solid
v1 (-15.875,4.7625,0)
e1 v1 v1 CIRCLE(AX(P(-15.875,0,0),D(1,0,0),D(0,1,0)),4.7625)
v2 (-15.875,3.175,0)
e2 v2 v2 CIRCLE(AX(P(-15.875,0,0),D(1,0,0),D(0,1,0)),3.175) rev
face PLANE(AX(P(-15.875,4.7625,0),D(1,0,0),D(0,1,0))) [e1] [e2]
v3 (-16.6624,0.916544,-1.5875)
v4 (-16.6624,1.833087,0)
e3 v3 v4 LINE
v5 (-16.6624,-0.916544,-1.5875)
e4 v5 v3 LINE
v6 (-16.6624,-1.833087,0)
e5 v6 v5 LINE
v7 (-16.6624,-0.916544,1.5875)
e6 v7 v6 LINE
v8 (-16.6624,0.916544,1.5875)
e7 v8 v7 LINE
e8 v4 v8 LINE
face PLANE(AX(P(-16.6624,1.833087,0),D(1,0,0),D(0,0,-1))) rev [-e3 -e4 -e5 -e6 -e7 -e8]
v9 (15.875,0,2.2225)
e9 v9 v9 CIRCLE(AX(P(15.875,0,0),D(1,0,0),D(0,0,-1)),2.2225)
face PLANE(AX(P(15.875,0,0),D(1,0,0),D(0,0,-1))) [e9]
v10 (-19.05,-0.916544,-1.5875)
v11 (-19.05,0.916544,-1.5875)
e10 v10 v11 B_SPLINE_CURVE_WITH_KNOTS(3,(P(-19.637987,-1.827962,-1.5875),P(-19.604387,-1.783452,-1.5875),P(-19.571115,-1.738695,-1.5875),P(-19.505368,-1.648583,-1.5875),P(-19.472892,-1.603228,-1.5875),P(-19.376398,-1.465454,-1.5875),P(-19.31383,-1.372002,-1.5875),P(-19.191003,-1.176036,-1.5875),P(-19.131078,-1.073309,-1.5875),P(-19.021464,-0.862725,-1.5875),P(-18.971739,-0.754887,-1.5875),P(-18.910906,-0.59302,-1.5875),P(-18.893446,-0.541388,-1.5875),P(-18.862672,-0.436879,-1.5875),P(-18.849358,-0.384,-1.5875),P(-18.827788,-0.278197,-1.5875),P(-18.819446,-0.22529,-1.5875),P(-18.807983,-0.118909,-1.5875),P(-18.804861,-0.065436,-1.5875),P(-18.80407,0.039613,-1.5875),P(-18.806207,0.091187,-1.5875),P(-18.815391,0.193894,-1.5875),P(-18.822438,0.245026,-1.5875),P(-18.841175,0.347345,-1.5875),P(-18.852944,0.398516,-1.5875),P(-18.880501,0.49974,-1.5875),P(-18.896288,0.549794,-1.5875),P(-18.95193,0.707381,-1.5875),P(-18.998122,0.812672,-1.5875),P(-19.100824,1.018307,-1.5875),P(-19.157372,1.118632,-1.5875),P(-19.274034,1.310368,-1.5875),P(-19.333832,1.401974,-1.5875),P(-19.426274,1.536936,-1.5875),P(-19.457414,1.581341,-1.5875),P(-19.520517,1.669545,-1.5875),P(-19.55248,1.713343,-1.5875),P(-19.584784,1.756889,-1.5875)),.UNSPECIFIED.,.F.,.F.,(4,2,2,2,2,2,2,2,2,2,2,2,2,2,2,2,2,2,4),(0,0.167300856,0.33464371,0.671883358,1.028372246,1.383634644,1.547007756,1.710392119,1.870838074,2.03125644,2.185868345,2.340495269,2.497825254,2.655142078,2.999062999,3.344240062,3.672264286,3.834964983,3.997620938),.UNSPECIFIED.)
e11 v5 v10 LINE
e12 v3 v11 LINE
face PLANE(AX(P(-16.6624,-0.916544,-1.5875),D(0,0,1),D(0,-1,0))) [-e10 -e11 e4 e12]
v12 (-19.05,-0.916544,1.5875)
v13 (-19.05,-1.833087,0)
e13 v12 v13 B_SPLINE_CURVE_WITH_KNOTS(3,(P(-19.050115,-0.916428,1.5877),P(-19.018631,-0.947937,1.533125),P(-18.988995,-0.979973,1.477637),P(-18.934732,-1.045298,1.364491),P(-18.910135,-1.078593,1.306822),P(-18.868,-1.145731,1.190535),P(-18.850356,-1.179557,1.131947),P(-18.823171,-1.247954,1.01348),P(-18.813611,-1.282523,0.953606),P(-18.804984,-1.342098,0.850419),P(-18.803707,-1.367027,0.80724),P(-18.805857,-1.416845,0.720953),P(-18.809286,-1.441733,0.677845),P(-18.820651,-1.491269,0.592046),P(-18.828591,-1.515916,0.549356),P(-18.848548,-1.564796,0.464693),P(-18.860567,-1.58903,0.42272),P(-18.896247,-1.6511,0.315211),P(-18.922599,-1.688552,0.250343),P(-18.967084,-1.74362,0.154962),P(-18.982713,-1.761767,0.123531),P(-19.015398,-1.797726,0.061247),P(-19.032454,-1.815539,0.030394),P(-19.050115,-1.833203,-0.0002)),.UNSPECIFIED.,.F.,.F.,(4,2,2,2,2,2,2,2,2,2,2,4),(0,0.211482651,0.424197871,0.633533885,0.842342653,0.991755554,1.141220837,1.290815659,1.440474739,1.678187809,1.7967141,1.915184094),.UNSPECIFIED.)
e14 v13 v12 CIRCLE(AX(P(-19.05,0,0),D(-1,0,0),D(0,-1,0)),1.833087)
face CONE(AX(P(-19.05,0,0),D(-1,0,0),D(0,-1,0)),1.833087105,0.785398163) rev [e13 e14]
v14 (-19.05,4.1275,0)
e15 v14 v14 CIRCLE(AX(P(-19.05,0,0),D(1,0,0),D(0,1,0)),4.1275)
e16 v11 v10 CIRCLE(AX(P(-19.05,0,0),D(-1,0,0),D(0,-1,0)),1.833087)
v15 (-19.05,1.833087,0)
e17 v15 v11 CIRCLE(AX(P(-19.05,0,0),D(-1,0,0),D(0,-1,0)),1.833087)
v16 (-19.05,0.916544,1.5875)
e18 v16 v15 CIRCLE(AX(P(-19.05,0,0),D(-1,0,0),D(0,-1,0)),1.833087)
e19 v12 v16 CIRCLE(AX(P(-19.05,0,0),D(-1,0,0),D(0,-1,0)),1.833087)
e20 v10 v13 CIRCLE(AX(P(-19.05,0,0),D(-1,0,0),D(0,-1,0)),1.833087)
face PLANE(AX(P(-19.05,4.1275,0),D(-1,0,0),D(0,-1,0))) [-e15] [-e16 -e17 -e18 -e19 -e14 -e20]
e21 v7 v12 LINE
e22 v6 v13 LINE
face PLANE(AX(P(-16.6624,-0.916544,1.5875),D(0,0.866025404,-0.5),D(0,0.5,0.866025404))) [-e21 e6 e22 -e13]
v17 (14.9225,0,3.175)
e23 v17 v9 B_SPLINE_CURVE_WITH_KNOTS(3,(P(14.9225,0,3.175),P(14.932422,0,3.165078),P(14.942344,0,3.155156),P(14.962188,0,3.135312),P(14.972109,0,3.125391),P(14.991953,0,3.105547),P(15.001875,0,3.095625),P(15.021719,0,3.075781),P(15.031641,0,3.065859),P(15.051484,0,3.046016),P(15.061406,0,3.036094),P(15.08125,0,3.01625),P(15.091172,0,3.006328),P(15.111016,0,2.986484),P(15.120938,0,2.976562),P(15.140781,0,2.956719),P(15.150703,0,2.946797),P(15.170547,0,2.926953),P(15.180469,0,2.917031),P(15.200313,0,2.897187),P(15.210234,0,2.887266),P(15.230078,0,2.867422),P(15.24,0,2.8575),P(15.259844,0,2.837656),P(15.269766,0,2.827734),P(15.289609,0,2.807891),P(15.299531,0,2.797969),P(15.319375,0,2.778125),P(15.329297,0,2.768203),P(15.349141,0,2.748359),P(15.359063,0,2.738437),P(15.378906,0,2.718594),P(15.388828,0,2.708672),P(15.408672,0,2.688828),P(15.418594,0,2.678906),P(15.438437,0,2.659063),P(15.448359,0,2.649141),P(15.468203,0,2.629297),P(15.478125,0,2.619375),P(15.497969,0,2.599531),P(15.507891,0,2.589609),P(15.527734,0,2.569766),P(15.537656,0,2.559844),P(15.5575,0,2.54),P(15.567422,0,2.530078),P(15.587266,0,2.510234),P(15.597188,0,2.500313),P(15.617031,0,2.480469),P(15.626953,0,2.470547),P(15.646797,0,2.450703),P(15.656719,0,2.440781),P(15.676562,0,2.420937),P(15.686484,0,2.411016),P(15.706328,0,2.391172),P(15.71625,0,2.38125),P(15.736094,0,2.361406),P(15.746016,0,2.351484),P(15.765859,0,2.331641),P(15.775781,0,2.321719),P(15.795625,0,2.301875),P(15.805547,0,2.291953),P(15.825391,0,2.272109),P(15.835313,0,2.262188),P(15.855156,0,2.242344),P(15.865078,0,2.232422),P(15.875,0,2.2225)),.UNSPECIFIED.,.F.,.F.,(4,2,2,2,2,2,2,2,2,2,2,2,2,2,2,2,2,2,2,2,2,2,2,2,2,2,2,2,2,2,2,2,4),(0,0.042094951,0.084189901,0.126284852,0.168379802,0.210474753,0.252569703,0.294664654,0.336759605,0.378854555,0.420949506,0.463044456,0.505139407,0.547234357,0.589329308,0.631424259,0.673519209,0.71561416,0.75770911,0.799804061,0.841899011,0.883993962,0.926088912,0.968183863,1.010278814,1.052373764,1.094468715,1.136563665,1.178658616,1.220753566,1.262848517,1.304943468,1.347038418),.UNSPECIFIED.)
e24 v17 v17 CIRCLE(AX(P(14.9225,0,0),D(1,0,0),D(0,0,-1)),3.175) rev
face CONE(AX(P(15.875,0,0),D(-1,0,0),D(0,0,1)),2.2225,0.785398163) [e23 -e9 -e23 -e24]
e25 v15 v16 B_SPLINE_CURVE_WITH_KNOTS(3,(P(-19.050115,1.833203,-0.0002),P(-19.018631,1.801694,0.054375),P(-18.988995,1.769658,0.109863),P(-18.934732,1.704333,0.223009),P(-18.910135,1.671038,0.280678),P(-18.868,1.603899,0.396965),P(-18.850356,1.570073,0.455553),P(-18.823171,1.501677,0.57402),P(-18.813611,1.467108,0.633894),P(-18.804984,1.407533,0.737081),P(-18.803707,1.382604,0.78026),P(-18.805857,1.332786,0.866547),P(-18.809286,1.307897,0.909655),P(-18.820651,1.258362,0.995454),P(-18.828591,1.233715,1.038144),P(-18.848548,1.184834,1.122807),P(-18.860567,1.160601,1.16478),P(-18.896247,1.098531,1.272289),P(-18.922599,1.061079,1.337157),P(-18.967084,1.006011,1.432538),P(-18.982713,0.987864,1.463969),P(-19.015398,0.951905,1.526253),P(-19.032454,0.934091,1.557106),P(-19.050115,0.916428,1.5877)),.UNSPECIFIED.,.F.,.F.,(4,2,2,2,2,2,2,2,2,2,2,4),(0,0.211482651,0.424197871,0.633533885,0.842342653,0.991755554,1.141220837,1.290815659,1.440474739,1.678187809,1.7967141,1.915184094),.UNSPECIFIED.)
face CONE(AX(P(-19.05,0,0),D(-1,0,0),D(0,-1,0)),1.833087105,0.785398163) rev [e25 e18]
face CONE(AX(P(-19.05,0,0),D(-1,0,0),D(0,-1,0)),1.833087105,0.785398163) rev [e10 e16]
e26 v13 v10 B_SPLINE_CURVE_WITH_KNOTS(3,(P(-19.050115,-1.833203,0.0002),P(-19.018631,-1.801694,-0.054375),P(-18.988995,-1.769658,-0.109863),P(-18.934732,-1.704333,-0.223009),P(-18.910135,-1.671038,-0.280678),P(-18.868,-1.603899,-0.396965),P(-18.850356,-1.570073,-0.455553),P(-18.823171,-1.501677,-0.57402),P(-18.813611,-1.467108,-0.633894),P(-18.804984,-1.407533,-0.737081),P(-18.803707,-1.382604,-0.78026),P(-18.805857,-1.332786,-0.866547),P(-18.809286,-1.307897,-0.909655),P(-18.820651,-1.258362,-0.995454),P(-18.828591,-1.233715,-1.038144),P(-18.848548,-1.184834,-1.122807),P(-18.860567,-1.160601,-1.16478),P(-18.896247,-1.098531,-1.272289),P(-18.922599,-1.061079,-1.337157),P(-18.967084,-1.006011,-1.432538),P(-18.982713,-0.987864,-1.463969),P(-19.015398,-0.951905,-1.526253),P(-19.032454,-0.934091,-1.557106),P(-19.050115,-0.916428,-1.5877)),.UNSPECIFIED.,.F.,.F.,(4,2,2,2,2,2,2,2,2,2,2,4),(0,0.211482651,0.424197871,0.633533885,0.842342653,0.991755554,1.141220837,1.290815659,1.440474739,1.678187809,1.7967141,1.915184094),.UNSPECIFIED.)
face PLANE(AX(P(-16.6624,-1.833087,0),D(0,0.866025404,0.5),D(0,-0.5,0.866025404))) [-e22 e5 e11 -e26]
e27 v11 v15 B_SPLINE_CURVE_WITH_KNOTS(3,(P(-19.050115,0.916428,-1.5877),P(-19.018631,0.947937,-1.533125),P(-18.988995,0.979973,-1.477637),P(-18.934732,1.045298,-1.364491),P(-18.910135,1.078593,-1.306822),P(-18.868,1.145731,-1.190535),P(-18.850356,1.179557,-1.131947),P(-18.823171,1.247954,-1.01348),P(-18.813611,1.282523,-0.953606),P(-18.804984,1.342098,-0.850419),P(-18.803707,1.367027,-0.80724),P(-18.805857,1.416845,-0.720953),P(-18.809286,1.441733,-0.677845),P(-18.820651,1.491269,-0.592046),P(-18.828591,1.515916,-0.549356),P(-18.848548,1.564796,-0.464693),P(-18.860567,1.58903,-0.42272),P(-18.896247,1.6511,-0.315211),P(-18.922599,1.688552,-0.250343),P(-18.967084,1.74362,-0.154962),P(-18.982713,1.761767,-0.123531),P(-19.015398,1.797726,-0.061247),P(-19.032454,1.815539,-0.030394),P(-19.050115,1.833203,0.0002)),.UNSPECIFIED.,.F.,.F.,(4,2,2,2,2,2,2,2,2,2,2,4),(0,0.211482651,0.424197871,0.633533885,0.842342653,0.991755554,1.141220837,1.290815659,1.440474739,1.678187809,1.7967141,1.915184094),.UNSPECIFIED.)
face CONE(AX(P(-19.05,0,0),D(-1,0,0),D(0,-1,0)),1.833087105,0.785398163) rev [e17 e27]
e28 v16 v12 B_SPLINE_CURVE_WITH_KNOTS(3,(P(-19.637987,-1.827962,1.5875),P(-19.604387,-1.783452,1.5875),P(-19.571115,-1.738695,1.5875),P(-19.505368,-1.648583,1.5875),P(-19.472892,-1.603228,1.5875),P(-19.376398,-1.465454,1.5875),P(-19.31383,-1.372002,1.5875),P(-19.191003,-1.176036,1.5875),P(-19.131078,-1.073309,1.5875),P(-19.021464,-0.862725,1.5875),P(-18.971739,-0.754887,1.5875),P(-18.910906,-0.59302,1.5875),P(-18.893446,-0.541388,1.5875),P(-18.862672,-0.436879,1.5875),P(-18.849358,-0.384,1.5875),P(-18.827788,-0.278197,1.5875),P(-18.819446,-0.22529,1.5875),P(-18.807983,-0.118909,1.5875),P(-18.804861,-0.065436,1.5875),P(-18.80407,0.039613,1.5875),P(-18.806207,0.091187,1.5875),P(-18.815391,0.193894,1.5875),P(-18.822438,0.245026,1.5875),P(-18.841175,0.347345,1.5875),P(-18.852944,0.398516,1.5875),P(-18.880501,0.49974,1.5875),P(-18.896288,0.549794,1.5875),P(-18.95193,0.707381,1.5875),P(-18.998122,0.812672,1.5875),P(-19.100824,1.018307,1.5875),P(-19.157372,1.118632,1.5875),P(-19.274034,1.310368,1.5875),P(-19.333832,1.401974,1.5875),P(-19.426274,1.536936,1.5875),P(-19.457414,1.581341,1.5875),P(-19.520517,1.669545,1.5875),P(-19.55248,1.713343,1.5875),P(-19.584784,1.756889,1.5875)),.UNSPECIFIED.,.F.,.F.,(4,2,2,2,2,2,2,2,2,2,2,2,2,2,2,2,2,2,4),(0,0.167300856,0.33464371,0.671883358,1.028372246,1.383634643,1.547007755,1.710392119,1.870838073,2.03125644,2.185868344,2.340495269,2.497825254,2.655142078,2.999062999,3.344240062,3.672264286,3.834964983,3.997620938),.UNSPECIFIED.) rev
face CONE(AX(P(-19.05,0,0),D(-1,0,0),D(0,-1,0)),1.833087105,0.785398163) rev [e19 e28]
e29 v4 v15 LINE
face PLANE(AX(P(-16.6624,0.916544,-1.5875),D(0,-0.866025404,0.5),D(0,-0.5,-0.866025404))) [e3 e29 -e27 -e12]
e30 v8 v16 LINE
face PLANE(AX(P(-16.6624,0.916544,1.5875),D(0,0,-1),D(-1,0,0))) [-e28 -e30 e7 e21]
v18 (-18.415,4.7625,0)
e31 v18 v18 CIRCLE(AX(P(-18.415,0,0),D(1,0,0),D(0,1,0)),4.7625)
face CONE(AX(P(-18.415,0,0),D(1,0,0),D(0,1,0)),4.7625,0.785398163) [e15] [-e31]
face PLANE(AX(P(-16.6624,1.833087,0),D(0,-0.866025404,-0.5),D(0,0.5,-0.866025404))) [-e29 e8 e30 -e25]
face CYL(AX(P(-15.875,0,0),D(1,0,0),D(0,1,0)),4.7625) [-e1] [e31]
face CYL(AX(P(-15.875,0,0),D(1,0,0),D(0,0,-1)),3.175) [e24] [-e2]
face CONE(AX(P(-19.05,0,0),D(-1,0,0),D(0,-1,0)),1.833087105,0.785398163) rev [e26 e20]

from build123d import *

# Parameters (mm, degrees)
SKETCH2_R           = 3.175
BOSS_EXTRUDE1_DEPTH = 31.75
CHAMFER1_SIZE       = 0.9525
CUT_EXTRUDE1_DEPTH  = 2.3876


with BuildPart() as part:
    # Sketch2 → Boss-Extrude1 (new body)
    with BuildSketch(Plane(origin=(15.875, 0, 0), x_dir=(0, 0, -1), z_dir=(1, 0, 0))):
        Circle(SKETCH2_R)
    extrude(amount=-BOSS_EXTRUDE1_DEPTH)

    # Chamfer1
    chamfer1_edges = [part.edges().sort_by_distance(p)[0] for p in [
        (15.875, 0, 3.175),
    ]]
    chamfer(chamfer1_edges, length=CHAMFER1_SIZE)

    # Sketch6 → Revolve1 (revolve)
    with BuildSketch(Plane.XY):
        Polygon((-18.415, 4.7625), (-19.05, 4.1275), (-19.05, 0), (-15.875, 0), (-15.875, 4.7625), align=None)
    revolve(axis=Axis((-15.875, 0, 0), (-1, 0, 0)))

    # Sketch4 → Cut-Extrude1 (cut)
    with BuildSketch(Plane(origin=(-19.05, 0, 0), x_dir=(0, 0, -1), z_dir=(1, 0, 0))):
        Polygon((0, 1.833087105), (-1.5875, 0.916543552), (-1.5875, -0.916543552), (0, -1.833087105), (1.5875, -0.916543552), (1.5875, 0.916543552), align=None)
    extrude(amount=CUT_EXTRUDE1_DEPTH, mode=Mode.SUBTRACT)

    # Cut-Extrude2 cone 1 section (through the dimple's axis) → Cut-Extrude2 (revolve, cut)
    with BuildSketch(Plane(origin=(-19.05, 0, 0), x_dir=(0, 0, 1), z_dir=(0, 1, 0))):
        Polygon((0, 0), (1.833087105, 0), (0, 1.833087105), align=None)
    revolve(axis=Axis((-19.05, 0, 0), (1, 0, 0)), mode=Mode.SUBTRACT)


solid = part.part
